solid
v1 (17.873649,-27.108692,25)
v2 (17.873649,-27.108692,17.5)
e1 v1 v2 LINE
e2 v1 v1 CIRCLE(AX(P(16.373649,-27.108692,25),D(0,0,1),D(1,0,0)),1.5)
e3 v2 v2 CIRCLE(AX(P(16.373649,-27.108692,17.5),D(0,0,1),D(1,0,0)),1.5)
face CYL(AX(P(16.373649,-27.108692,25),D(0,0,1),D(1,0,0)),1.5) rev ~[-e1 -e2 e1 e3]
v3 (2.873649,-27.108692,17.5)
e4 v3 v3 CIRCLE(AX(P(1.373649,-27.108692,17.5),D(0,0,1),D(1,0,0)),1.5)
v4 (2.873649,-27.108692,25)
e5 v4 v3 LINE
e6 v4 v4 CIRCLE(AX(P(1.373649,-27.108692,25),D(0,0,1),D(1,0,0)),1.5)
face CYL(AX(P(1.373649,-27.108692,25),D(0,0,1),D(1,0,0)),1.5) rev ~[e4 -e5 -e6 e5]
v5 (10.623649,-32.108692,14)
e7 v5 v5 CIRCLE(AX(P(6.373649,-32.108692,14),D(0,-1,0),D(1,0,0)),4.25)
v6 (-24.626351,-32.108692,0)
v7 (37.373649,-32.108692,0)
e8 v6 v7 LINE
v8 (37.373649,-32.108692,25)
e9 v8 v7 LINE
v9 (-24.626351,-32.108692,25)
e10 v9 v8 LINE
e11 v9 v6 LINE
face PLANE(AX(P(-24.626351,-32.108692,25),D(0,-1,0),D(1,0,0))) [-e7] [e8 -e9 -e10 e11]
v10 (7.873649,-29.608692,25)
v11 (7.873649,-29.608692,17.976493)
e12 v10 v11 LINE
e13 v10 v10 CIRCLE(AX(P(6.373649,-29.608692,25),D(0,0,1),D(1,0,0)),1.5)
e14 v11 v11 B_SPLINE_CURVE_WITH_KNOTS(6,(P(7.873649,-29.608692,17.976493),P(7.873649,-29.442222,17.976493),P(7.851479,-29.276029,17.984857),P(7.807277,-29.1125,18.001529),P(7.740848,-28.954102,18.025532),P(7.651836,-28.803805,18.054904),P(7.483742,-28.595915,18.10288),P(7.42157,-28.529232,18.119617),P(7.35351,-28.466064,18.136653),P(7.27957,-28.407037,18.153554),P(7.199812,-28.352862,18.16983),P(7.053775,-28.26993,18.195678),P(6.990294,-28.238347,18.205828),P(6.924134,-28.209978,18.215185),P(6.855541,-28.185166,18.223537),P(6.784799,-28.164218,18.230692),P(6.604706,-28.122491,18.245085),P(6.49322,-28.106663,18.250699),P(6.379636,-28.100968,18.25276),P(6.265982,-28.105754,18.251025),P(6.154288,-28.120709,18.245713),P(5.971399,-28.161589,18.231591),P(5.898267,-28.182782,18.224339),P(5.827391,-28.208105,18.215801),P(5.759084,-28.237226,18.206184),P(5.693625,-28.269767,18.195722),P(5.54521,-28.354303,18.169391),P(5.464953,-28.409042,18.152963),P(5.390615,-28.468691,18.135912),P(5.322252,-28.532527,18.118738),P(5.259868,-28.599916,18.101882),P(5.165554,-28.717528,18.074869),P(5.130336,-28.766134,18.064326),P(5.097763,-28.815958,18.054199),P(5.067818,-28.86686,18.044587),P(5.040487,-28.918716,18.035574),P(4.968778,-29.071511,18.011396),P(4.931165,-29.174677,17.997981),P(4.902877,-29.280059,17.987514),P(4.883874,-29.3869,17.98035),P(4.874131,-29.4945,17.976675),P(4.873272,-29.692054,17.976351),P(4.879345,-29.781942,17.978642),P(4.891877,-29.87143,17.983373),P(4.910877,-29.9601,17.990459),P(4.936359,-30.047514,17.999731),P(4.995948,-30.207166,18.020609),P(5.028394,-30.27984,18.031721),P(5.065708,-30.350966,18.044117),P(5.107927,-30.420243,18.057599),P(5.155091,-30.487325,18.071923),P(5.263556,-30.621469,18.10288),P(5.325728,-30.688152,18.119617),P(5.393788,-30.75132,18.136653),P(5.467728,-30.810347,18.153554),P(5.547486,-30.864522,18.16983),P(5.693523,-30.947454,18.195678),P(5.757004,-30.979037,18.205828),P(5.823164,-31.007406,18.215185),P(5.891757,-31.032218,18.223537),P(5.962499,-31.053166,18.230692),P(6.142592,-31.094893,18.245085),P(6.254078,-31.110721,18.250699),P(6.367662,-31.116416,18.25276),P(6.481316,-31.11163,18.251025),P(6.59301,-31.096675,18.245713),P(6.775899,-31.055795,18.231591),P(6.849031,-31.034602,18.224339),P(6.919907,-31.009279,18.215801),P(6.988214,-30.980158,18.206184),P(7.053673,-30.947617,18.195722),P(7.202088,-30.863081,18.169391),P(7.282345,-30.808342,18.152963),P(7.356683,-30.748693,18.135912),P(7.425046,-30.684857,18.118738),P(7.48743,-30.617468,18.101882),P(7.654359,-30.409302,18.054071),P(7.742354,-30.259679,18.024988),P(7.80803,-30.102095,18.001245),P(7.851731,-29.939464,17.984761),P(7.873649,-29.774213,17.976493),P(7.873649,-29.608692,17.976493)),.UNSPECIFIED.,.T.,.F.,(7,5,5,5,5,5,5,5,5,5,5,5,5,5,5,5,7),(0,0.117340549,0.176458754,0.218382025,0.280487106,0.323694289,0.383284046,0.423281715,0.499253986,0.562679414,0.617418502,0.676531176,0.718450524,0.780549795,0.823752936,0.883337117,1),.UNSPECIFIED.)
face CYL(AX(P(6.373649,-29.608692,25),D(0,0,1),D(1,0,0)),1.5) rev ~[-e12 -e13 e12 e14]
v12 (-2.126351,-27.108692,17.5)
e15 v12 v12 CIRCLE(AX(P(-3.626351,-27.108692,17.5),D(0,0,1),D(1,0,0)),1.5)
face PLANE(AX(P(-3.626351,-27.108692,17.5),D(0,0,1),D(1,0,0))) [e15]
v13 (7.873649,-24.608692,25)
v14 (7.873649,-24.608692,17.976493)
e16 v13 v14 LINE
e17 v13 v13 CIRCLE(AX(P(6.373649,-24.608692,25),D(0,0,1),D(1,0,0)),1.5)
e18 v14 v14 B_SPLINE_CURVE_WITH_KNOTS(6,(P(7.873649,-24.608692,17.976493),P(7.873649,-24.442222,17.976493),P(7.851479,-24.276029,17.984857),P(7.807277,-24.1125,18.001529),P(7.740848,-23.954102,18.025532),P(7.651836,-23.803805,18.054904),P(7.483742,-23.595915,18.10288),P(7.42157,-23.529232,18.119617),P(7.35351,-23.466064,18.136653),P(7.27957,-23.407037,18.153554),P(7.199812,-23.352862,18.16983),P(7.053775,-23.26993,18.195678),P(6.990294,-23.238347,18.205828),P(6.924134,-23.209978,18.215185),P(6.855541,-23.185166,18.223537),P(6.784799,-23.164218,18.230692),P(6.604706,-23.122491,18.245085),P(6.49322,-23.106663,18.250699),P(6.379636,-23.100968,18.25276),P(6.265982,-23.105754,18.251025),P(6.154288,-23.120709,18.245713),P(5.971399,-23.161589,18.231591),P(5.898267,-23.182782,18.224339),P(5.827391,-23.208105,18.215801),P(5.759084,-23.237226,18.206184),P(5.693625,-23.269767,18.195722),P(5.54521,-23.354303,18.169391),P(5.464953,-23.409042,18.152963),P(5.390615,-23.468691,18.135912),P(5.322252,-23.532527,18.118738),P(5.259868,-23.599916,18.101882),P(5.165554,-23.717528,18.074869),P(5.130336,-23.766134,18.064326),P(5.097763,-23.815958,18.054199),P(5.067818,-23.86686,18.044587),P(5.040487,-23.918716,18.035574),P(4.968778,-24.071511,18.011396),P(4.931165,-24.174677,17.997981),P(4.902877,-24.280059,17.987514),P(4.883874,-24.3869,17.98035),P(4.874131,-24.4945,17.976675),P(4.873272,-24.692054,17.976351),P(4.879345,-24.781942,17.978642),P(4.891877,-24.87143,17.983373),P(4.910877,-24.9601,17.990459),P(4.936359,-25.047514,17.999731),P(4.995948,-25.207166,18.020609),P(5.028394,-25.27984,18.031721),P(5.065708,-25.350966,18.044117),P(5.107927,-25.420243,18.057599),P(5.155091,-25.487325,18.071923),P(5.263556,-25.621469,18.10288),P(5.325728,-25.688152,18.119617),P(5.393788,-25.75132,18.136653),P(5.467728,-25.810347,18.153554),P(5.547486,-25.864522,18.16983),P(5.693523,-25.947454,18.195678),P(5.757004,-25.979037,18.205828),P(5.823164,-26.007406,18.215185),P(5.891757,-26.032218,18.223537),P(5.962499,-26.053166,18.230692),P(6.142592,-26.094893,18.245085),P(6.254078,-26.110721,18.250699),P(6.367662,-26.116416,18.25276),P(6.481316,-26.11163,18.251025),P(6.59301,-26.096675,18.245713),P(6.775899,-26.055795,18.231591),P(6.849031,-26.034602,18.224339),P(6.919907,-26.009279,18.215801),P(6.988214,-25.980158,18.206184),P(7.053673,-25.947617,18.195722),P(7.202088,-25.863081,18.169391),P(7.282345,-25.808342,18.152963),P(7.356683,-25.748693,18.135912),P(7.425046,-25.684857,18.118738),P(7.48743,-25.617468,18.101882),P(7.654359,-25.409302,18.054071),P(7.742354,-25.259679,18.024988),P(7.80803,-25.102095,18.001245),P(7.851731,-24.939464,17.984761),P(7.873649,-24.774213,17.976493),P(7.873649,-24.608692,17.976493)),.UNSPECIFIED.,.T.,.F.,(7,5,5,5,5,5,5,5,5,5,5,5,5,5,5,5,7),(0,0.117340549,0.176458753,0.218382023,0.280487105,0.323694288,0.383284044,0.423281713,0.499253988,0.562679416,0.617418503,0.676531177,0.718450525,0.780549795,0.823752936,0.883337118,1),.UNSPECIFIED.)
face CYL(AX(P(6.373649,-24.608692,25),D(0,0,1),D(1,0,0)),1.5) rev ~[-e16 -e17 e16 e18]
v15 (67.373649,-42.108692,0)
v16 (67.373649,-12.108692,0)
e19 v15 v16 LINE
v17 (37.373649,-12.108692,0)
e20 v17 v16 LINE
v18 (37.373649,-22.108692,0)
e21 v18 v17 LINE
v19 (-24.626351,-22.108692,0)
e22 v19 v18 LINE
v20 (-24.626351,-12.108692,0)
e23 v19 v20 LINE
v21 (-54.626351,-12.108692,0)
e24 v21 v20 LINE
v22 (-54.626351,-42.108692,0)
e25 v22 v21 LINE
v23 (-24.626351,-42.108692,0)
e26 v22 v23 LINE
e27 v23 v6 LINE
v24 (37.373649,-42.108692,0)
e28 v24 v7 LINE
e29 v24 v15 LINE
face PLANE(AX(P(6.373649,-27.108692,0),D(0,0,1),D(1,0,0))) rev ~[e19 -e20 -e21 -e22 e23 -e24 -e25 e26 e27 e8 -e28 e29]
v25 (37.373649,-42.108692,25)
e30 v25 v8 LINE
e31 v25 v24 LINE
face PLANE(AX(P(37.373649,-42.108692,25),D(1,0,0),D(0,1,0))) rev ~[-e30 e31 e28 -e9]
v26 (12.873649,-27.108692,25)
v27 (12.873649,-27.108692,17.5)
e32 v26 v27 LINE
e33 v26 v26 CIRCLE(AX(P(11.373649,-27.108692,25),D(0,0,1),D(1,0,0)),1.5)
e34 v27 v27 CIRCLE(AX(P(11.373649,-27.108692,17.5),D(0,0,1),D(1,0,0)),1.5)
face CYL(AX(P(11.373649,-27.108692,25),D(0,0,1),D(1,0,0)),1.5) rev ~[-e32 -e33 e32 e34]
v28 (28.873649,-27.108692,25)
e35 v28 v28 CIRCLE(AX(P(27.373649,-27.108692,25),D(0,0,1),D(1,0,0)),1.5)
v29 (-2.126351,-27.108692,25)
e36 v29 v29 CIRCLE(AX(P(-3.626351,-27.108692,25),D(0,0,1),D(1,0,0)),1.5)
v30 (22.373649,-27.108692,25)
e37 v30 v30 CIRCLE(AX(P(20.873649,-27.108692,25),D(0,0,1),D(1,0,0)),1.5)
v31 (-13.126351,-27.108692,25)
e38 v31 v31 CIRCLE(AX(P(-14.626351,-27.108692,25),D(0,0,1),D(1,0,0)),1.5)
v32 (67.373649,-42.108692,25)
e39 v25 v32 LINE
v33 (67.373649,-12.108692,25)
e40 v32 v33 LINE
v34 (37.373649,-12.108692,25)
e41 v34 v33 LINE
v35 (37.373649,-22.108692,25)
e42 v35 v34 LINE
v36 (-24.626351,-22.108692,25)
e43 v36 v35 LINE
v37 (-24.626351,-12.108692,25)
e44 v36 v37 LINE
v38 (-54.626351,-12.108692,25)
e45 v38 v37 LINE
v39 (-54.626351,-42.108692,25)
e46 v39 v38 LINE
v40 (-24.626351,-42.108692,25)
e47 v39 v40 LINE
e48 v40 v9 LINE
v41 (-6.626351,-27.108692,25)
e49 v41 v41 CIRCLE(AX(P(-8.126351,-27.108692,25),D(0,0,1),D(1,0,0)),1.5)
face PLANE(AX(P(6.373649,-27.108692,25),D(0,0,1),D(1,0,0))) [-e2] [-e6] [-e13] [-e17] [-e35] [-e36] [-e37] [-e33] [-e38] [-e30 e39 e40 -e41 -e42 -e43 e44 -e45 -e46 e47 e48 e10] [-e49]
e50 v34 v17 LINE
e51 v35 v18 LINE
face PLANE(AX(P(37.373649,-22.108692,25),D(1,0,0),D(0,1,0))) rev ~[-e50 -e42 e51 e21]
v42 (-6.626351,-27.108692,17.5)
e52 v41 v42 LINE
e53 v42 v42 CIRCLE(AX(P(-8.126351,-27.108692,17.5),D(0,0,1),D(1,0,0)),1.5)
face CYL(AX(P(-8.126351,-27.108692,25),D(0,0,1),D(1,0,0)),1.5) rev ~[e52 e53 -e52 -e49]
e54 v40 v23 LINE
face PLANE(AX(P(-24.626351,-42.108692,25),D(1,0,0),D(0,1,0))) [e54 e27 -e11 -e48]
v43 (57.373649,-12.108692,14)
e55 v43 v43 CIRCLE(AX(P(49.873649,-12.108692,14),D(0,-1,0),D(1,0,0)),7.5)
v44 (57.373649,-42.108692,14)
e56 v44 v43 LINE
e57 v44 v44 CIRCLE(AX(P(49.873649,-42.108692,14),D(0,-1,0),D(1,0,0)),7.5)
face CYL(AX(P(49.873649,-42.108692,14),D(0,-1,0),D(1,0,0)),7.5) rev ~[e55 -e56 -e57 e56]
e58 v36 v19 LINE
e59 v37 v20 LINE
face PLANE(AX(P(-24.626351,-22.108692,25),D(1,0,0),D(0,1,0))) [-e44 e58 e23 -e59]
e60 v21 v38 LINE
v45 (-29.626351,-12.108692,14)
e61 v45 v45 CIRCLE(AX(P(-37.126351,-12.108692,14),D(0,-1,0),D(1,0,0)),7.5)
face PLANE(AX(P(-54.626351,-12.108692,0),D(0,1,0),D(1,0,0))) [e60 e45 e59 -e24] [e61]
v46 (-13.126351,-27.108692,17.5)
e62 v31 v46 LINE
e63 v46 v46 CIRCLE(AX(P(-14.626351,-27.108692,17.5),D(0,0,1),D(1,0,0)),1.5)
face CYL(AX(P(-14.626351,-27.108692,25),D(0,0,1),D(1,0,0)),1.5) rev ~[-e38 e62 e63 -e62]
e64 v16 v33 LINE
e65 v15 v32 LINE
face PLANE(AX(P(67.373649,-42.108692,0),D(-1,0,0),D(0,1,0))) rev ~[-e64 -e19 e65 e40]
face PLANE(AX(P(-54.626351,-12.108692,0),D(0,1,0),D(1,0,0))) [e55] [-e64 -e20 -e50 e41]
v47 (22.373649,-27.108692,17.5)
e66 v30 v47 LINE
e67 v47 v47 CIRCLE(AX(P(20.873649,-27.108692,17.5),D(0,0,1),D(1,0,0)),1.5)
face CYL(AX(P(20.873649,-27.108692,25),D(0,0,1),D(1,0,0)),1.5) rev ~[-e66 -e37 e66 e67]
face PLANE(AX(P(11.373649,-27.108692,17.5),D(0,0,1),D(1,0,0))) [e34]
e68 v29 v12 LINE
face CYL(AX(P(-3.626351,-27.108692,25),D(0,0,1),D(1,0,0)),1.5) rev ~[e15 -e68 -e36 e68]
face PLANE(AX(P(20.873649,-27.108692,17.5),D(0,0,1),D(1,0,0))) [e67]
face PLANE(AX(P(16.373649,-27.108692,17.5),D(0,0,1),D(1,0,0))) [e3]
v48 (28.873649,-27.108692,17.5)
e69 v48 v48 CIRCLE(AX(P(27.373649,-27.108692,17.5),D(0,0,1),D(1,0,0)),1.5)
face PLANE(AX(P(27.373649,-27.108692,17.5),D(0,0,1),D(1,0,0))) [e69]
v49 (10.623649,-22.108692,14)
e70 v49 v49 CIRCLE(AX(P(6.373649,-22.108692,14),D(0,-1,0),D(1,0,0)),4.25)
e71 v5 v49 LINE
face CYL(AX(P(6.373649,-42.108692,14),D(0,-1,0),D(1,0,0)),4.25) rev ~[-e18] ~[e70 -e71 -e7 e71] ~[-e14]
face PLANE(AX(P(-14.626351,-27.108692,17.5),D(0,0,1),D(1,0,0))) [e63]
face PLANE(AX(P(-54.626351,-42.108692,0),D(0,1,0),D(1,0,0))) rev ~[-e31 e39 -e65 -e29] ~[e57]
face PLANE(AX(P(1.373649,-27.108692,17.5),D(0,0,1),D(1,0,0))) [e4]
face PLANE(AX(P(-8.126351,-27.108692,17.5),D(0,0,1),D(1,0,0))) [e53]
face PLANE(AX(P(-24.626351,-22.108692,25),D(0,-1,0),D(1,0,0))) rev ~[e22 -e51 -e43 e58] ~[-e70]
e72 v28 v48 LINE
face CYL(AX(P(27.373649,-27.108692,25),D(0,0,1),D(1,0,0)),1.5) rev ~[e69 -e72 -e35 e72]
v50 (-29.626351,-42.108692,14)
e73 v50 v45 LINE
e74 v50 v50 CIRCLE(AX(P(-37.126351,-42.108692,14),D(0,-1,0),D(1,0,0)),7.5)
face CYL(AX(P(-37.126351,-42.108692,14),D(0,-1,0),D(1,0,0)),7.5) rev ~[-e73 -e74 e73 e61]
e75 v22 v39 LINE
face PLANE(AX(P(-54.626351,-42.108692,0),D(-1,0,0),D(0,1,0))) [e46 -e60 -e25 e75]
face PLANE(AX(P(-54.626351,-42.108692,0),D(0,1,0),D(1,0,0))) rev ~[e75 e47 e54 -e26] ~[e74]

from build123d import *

# Parameters (mm, degrees)
F0_W     = 122
F0_H     = 30
F1_DEPTH = 25
F2_R     = 7.5
F2_R_2   = 4.25
F3_DEPTH = 30
F4_W     = 62
F4_H     = 10
F5_DEPTH = 30
F6_R     = 1.5
F7_DEPTH = 7.5


with BuildPart() as f1:
    # F0 (on Top) → F1 (new body)
    with BuildSketch(Plane.XY):
        with Locations((6.373649, -27.108692)):
            Rectangle(F0_W, F0_H)
    extrude(amount=F1_DEPTH)

    # F2 (on face) → F3 (cut, through all)
    with BuildSketch(Plane.XZ.offset(42.108692)):
        with Locations((-37.126351, 14)):
            Circle(F2_R)
        with Locations((49.873649, 14)):
            Circle(F2_R)
        with Locations((6.373649, 14)):
            Circle(F2_R_2)
    extrude(amount=-F3_DEPTH, mode=Mode.SUBTRACT)

    # F4 (on face) → F5 (cut)
    with BuildSketch(Plane.XY.offset(25)):
        with Locations((6.373649, -17.108692)):
            Rectangle(F4_W, F4_H)
        with Locations((6.373649, -37.108692)):
            Rectangle(F4_W, F4_H)
    extrude(amount=-F5_DEPTH, mode=Mode.SUBTRACT)

    # F6 (on face) → F7 (cut)
    with BuildSketch(Plane.XY.offset(25)):
        with Locations((6.373649, -29.608692)):
            Circle(F6_R)
        with Locations((6.373649, -24.608692)):
            Circle(F6_R)
        with Locations((11.373649, -27.108692)):
            Circle(F6_R)
        with Locations((16.373649, -27.108692)):
            Circle(F6_R)
        with Locations((20.873649, -27.108692)):
            Circle(F6_R)
        with Locations((27.373649, -27.108692)):
            Circle(F6_R)
        with Locations((1.373649, -27.108692)):
            Circle(F6_R)
        with Locations((-3.626351, -27.108692)):
            Circle(F6_R)
        with Locations((-8.126351, -27.108692)):
            Circle(F6_R)
        with Locations((-14.626351, -27.108692)):
            Circle(F6_R)
    extrude(amount=-F7_DEPTH, mode=Mode.SUBTRACT)


solid = f1.part
